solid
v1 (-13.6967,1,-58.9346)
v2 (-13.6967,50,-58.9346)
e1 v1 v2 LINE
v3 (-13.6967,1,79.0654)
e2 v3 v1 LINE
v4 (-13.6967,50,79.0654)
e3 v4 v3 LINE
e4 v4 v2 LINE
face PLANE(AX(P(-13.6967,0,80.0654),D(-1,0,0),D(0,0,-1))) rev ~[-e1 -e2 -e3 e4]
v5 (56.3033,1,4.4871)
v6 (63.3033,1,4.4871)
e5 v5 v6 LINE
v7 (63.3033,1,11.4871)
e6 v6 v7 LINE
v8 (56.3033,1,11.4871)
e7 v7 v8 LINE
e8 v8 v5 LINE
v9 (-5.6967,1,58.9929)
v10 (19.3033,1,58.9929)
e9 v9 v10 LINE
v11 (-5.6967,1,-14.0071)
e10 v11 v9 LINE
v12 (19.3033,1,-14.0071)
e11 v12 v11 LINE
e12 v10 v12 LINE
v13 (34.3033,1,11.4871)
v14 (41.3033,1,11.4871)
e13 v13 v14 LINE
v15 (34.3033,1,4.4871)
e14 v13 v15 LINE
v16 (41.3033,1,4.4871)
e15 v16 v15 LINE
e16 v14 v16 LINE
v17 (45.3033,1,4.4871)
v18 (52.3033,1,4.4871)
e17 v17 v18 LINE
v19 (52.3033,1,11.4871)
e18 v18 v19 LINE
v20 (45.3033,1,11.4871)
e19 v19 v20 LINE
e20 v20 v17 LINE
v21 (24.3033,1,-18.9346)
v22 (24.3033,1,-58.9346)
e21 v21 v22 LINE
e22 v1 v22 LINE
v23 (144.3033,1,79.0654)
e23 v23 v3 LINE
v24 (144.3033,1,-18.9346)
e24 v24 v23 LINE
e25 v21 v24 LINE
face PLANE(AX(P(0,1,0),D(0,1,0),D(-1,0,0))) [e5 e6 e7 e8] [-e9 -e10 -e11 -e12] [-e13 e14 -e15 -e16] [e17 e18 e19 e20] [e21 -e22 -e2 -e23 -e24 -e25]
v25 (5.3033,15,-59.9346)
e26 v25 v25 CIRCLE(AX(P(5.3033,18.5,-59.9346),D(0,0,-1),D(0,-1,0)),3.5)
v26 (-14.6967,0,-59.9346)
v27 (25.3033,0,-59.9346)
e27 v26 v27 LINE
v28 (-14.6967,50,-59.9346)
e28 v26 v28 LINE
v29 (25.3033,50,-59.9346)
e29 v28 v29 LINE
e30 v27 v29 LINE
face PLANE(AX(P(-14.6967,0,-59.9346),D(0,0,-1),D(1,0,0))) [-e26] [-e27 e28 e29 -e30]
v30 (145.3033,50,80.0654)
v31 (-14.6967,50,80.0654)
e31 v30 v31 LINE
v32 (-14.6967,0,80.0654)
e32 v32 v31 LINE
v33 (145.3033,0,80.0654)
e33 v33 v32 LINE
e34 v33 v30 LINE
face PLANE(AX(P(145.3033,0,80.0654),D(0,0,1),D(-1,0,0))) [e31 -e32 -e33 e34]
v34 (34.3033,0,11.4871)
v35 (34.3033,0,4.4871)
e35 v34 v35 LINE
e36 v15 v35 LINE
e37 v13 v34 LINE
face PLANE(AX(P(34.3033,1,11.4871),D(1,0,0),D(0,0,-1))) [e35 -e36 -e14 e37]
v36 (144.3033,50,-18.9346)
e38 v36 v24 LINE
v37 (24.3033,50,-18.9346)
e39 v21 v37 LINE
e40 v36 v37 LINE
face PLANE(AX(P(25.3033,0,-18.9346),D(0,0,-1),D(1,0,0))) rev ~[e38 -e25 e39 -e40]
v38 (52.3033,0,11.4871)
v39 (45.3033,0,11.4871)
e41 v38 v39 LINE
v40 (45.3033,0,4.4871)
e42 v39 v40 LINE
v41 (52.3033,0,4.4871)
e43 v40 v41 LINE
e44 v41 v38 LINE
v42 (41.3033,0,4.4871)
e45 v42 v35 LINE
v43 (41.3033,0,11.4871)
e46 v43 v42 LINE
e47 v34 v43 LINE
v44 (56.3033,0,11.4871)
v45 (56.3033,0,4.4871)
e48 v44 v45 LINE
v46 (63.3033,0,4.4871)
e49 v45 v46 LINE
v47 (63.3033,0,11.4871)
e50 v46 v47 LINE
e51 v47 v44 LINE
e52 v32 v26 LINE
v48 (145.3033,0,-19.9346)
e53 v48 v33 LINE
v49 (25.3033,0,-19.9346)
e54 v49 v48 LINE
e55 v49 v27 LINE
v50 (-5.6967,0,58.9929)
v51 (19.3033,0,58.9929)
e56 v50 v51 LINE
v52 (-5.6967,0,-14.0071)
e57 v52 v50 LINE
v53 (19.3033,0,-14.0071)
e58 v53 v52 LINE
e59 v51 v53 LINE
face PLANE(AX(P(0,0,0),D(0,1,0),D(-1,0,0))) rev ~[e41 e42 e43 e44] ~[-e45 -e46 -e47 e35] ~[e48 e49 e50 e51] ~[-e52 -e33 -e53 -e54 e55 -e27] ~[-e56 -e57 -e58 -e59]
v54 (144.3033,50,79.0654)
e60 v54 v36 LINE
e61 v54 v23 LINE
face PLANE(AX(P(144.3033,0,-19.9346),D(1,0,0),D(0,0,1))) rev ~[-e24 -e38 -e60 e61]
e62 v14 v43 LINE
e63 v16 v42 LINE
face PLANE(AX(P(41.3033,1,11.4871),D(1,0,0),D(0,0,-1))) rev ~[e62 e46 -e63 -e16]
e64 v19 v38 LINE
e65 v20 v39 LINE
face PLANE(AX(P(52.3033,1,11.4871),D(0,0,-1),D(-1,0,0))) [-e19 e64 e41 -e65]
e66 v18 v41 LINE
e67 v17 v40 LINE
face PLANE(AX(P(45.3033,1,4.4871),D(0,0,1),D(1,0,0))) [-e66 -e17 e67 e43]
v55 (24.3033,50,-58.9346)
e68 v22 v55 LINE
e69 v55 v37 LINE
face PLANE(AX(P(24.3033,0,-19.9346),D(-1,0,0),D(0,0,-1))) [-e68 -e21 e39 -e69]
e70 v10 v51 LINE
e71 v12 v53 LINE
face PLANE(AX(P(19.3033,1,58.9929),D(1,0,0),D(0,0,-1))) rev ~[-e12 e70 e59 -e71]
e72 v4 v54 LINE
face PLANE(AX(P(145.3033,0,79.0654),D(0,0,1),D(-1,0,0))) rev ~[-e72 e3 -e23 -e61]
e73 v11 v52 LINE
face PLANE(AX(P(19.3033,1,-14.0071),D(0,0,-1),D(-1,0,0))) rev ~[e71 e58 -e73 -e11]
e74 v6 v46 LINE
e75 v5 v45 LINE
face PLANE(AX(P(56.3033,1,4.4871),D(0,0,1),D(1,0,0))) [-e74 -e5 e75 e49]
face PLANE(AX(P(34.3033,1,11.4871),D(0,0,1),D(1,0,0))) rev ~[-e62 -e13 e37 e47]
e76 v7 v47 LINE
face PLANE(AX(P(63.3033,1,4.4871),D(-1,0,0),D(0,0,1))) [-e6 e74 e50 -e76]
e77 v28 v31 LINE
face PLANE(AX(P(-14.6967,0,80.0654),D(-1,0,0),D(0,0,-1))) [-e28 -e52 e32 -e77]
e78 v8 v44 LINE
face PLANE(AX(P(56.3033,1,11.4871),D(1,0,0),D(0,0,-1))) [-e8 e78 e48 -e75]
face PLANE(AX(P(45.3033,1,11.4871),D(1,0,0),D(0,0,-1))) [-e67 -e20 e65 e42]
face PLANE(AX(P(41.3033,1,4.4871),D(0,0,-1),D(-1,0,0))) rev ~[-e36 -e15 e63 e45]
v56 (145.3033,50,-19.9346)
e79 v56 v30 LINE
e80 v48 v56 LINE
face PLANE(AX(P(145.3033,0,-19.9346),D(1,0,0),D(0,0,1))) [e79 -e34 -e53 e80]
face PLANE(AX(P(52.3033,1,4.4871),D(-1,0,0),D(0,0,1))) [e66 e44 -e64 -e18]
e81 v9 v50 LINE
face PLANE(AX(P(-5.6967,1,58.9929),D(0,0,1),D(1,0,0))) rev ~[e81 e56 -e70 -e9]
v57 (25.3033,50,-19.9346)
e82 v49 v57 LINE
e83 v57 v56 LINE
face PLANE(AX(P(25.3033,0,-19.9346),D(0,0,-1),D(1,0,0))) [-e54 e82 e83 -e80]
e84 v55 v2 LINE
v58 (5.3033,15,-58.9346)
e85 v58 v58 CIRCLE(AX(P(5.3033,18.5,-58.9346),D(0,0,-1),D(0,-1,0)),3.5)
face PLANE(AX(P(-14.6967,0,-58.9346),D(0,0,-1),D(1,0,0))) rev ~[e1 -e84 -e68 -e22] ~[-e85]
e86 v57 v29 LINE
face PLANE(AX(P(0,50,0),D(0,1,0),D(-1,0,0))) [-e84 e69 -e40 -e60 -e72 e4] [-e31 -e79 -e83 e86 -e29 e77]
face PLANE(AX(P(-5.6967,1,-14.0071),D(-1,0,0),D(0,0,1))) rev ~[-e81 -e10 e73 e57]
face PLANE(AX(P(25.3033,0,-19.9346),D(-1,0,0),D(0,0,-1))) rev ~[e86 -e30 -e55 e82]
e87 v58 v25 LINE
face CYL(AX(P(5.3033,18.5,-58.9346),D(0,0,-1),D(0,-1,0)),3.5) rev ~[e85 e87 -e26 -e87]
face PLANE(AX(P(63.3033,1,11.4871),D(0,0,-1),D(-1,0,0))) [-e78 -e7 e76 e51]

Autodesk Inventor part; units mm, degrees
ref_plane "YZ Plane" through (0, 0, 0) normal (1, 0, 0) x (0, 1, 0)
ref_plane "XZ Plane" through (0, 0, 0) normal (0, 1, 0) x (-1, 0, 0)
ref_plane "XY Plane" through (0, 0, 0) normal (0, 0, 1) x (1, 0, 0)
sketch "Szkic1" plane through (0, 0, 0) normal (0, 1, 0) x (-1, 0, 0)
  line L0 (-25.3033, -19.9346) -> (-145.3033, -19.9346)
  line L1 (-145.3033, -19.9346) -> (-145.3033, 80.0654)
  line L2 (-145.3033, 80.0654) -> (14.6967, 80.0654)
  line L3 (14.6967, 80.0654) -> (14.6967, -19.9346)
  line L4 (-25.3033, -19.9346) -> (-25.3033, -59.9346)
  line L5 (14.6967, -59.9346) -> (14.6967, -19.9346)
  line L6 (-1.3707, 111.6296) -> (-1.3707, 118.6296)
  line L7 (-1.3707, 118.6296) -> (-30.3707, 118.6296)
  line L8 (-30.3707, 118.6296) -> (-30.3707, 111.6296)
  line L9 (-1.3707, 111.6296) -> (-30.3707, 111.6296)
  line L10 (14.6967, -59.9346) -> (-25.3033, -59.9346)
  point P0 (0, 0)
  dimension "d0" = 160
  dimension "d1" = 100
  dimension "d2" = 40
  dimension "d3" = 40
  dimension "d9" = 7
  dimension "d39" = 100
extrude "Wyciągnięcie proste1" add sketch "Szkic1" along normal blind 50 contours L0 L1 L2 L3 L5 L10 L4
shell "Skorupa1" thickness 1 removed faces 1 at (51.9699, 50, 46.732)
sketch "Szkic2" plane through (-13.6967, 1, -58.9346) normal (0, 0, 1) x (1, 0, 0)
  line L0 (-1, -1) -> (-1, 49) projected
  line L1 (39, -1) -> (39, 49) projected
  line L2 (-1, -1) -> (39, -1)
  line L3 (39, -1) -> (39, 36)
  line L4 (39, 36) -> (4.775, 36)
  line L5 (4.775, 36) -> (39, -1)
  line L6 (-1, -1) -> (39, 36)
  point P0 (13.6967, -1)
  point P1 (19, 17.5)
  dimension "d20" = 37
hole "Otwór1" at (5.3033, 18.5, -58.9346) direction (0, 0, -1) diameter 7 end through all
sketch "Szkic3" plane through (-13.6967, 1, 79.0654) normal (0, 1, 0) x (1, 0, 0)
  line L0 (158, 98) -> (38, 98) projected
  line L1 (38, 98) -> (0, 98)
  line L2 (0, 0) -> (0, 138) projected
  line L3 (0, 98) -> (1, 98)
  line L4 (0, 93.0725) -> (8, 93.0725)
  line L5 (8, 93.0725) -> (8, 20.0725)
  line L6 (8, 20.0725) -> (33, 20.0725)
  line L7 (33, 20.0725) -> (33, 93.0725)
  line L8 (33, 93.0725) -> (8, 93.0725)
  line L9 (8, 20.0725) -> (8, 0.0725)
  dimension "d41" = 73
  dimension "d42" = 25
  dimension "d43" = 20
extrude "Wyciągnięcie proste2" cut sketch "Szkic3" against normal blind 10
sketch "Szkic4" plane through (-13.6967, 1, 79.0654) normal (0, 1, 0) x (1, 0, 0)
  line L0 (33, 20.0725) -> (33, 93.0725) projected
  line L1 (33, 82.5783) -> (33, 67.5783)
  line L2 (33, 67.5783) -> (48, 67.5783)
  line L3 (48, 67.5783) -> (48, 74.5783)
  line L4 (48, 67.5783) -> (55, 67.5783)
  line L5 (55, 67.5783) -> (55, 74.5783)
  line L6 (55, 74.5783) -> (48, 74.5783)
  line L7 (48, 74.5783) -> (48, 67.5783)
  line L8 (55, 67.5783) -> (59, 67.5783)
  line L9 (59, 67.5783) -> (59, 74.5783)
  line L10 (59, 74.5783) -> (66, 74.5783)
  line L11 (66, 74.5783) -> (66, 67.5783)
  line L12 (66, 67.5783) -> (59, 67.5783)
  line L13 (66, 67.5783) -> (70, 67.5783)
  line L14 (70, 67.5783) -> (70, 74.5783)
  line L15 (70, 74.5783) -> (77, 74.5783)
  line L16 (77, 74.5783) -> (77, 67.5783)
  line L17 (77, 67.5783) -> (70, 67.5783)
  point P0 (48, 74.5783)
  dimension "d46" = 15
  dimension "d47" = 15
  dimension "d48" = 7
  dimension "d49" = 7
  dimension "d50" = 4
  dimension "d51" = 7
  dimension "d52" = 4
  dimension "d53" = 7
extrude "Wyciągnięcie proste3" cut sketch "Szkic4" against normal blind 10 contours L3 L6 L5 L4
extrude "Wyciągnięcie proste4" cut sketch "Szkic4" against normal blind 10 contours L14 L15 L16 L17 | L9 L10 L11 L12
properties part number "obudowatuner"
